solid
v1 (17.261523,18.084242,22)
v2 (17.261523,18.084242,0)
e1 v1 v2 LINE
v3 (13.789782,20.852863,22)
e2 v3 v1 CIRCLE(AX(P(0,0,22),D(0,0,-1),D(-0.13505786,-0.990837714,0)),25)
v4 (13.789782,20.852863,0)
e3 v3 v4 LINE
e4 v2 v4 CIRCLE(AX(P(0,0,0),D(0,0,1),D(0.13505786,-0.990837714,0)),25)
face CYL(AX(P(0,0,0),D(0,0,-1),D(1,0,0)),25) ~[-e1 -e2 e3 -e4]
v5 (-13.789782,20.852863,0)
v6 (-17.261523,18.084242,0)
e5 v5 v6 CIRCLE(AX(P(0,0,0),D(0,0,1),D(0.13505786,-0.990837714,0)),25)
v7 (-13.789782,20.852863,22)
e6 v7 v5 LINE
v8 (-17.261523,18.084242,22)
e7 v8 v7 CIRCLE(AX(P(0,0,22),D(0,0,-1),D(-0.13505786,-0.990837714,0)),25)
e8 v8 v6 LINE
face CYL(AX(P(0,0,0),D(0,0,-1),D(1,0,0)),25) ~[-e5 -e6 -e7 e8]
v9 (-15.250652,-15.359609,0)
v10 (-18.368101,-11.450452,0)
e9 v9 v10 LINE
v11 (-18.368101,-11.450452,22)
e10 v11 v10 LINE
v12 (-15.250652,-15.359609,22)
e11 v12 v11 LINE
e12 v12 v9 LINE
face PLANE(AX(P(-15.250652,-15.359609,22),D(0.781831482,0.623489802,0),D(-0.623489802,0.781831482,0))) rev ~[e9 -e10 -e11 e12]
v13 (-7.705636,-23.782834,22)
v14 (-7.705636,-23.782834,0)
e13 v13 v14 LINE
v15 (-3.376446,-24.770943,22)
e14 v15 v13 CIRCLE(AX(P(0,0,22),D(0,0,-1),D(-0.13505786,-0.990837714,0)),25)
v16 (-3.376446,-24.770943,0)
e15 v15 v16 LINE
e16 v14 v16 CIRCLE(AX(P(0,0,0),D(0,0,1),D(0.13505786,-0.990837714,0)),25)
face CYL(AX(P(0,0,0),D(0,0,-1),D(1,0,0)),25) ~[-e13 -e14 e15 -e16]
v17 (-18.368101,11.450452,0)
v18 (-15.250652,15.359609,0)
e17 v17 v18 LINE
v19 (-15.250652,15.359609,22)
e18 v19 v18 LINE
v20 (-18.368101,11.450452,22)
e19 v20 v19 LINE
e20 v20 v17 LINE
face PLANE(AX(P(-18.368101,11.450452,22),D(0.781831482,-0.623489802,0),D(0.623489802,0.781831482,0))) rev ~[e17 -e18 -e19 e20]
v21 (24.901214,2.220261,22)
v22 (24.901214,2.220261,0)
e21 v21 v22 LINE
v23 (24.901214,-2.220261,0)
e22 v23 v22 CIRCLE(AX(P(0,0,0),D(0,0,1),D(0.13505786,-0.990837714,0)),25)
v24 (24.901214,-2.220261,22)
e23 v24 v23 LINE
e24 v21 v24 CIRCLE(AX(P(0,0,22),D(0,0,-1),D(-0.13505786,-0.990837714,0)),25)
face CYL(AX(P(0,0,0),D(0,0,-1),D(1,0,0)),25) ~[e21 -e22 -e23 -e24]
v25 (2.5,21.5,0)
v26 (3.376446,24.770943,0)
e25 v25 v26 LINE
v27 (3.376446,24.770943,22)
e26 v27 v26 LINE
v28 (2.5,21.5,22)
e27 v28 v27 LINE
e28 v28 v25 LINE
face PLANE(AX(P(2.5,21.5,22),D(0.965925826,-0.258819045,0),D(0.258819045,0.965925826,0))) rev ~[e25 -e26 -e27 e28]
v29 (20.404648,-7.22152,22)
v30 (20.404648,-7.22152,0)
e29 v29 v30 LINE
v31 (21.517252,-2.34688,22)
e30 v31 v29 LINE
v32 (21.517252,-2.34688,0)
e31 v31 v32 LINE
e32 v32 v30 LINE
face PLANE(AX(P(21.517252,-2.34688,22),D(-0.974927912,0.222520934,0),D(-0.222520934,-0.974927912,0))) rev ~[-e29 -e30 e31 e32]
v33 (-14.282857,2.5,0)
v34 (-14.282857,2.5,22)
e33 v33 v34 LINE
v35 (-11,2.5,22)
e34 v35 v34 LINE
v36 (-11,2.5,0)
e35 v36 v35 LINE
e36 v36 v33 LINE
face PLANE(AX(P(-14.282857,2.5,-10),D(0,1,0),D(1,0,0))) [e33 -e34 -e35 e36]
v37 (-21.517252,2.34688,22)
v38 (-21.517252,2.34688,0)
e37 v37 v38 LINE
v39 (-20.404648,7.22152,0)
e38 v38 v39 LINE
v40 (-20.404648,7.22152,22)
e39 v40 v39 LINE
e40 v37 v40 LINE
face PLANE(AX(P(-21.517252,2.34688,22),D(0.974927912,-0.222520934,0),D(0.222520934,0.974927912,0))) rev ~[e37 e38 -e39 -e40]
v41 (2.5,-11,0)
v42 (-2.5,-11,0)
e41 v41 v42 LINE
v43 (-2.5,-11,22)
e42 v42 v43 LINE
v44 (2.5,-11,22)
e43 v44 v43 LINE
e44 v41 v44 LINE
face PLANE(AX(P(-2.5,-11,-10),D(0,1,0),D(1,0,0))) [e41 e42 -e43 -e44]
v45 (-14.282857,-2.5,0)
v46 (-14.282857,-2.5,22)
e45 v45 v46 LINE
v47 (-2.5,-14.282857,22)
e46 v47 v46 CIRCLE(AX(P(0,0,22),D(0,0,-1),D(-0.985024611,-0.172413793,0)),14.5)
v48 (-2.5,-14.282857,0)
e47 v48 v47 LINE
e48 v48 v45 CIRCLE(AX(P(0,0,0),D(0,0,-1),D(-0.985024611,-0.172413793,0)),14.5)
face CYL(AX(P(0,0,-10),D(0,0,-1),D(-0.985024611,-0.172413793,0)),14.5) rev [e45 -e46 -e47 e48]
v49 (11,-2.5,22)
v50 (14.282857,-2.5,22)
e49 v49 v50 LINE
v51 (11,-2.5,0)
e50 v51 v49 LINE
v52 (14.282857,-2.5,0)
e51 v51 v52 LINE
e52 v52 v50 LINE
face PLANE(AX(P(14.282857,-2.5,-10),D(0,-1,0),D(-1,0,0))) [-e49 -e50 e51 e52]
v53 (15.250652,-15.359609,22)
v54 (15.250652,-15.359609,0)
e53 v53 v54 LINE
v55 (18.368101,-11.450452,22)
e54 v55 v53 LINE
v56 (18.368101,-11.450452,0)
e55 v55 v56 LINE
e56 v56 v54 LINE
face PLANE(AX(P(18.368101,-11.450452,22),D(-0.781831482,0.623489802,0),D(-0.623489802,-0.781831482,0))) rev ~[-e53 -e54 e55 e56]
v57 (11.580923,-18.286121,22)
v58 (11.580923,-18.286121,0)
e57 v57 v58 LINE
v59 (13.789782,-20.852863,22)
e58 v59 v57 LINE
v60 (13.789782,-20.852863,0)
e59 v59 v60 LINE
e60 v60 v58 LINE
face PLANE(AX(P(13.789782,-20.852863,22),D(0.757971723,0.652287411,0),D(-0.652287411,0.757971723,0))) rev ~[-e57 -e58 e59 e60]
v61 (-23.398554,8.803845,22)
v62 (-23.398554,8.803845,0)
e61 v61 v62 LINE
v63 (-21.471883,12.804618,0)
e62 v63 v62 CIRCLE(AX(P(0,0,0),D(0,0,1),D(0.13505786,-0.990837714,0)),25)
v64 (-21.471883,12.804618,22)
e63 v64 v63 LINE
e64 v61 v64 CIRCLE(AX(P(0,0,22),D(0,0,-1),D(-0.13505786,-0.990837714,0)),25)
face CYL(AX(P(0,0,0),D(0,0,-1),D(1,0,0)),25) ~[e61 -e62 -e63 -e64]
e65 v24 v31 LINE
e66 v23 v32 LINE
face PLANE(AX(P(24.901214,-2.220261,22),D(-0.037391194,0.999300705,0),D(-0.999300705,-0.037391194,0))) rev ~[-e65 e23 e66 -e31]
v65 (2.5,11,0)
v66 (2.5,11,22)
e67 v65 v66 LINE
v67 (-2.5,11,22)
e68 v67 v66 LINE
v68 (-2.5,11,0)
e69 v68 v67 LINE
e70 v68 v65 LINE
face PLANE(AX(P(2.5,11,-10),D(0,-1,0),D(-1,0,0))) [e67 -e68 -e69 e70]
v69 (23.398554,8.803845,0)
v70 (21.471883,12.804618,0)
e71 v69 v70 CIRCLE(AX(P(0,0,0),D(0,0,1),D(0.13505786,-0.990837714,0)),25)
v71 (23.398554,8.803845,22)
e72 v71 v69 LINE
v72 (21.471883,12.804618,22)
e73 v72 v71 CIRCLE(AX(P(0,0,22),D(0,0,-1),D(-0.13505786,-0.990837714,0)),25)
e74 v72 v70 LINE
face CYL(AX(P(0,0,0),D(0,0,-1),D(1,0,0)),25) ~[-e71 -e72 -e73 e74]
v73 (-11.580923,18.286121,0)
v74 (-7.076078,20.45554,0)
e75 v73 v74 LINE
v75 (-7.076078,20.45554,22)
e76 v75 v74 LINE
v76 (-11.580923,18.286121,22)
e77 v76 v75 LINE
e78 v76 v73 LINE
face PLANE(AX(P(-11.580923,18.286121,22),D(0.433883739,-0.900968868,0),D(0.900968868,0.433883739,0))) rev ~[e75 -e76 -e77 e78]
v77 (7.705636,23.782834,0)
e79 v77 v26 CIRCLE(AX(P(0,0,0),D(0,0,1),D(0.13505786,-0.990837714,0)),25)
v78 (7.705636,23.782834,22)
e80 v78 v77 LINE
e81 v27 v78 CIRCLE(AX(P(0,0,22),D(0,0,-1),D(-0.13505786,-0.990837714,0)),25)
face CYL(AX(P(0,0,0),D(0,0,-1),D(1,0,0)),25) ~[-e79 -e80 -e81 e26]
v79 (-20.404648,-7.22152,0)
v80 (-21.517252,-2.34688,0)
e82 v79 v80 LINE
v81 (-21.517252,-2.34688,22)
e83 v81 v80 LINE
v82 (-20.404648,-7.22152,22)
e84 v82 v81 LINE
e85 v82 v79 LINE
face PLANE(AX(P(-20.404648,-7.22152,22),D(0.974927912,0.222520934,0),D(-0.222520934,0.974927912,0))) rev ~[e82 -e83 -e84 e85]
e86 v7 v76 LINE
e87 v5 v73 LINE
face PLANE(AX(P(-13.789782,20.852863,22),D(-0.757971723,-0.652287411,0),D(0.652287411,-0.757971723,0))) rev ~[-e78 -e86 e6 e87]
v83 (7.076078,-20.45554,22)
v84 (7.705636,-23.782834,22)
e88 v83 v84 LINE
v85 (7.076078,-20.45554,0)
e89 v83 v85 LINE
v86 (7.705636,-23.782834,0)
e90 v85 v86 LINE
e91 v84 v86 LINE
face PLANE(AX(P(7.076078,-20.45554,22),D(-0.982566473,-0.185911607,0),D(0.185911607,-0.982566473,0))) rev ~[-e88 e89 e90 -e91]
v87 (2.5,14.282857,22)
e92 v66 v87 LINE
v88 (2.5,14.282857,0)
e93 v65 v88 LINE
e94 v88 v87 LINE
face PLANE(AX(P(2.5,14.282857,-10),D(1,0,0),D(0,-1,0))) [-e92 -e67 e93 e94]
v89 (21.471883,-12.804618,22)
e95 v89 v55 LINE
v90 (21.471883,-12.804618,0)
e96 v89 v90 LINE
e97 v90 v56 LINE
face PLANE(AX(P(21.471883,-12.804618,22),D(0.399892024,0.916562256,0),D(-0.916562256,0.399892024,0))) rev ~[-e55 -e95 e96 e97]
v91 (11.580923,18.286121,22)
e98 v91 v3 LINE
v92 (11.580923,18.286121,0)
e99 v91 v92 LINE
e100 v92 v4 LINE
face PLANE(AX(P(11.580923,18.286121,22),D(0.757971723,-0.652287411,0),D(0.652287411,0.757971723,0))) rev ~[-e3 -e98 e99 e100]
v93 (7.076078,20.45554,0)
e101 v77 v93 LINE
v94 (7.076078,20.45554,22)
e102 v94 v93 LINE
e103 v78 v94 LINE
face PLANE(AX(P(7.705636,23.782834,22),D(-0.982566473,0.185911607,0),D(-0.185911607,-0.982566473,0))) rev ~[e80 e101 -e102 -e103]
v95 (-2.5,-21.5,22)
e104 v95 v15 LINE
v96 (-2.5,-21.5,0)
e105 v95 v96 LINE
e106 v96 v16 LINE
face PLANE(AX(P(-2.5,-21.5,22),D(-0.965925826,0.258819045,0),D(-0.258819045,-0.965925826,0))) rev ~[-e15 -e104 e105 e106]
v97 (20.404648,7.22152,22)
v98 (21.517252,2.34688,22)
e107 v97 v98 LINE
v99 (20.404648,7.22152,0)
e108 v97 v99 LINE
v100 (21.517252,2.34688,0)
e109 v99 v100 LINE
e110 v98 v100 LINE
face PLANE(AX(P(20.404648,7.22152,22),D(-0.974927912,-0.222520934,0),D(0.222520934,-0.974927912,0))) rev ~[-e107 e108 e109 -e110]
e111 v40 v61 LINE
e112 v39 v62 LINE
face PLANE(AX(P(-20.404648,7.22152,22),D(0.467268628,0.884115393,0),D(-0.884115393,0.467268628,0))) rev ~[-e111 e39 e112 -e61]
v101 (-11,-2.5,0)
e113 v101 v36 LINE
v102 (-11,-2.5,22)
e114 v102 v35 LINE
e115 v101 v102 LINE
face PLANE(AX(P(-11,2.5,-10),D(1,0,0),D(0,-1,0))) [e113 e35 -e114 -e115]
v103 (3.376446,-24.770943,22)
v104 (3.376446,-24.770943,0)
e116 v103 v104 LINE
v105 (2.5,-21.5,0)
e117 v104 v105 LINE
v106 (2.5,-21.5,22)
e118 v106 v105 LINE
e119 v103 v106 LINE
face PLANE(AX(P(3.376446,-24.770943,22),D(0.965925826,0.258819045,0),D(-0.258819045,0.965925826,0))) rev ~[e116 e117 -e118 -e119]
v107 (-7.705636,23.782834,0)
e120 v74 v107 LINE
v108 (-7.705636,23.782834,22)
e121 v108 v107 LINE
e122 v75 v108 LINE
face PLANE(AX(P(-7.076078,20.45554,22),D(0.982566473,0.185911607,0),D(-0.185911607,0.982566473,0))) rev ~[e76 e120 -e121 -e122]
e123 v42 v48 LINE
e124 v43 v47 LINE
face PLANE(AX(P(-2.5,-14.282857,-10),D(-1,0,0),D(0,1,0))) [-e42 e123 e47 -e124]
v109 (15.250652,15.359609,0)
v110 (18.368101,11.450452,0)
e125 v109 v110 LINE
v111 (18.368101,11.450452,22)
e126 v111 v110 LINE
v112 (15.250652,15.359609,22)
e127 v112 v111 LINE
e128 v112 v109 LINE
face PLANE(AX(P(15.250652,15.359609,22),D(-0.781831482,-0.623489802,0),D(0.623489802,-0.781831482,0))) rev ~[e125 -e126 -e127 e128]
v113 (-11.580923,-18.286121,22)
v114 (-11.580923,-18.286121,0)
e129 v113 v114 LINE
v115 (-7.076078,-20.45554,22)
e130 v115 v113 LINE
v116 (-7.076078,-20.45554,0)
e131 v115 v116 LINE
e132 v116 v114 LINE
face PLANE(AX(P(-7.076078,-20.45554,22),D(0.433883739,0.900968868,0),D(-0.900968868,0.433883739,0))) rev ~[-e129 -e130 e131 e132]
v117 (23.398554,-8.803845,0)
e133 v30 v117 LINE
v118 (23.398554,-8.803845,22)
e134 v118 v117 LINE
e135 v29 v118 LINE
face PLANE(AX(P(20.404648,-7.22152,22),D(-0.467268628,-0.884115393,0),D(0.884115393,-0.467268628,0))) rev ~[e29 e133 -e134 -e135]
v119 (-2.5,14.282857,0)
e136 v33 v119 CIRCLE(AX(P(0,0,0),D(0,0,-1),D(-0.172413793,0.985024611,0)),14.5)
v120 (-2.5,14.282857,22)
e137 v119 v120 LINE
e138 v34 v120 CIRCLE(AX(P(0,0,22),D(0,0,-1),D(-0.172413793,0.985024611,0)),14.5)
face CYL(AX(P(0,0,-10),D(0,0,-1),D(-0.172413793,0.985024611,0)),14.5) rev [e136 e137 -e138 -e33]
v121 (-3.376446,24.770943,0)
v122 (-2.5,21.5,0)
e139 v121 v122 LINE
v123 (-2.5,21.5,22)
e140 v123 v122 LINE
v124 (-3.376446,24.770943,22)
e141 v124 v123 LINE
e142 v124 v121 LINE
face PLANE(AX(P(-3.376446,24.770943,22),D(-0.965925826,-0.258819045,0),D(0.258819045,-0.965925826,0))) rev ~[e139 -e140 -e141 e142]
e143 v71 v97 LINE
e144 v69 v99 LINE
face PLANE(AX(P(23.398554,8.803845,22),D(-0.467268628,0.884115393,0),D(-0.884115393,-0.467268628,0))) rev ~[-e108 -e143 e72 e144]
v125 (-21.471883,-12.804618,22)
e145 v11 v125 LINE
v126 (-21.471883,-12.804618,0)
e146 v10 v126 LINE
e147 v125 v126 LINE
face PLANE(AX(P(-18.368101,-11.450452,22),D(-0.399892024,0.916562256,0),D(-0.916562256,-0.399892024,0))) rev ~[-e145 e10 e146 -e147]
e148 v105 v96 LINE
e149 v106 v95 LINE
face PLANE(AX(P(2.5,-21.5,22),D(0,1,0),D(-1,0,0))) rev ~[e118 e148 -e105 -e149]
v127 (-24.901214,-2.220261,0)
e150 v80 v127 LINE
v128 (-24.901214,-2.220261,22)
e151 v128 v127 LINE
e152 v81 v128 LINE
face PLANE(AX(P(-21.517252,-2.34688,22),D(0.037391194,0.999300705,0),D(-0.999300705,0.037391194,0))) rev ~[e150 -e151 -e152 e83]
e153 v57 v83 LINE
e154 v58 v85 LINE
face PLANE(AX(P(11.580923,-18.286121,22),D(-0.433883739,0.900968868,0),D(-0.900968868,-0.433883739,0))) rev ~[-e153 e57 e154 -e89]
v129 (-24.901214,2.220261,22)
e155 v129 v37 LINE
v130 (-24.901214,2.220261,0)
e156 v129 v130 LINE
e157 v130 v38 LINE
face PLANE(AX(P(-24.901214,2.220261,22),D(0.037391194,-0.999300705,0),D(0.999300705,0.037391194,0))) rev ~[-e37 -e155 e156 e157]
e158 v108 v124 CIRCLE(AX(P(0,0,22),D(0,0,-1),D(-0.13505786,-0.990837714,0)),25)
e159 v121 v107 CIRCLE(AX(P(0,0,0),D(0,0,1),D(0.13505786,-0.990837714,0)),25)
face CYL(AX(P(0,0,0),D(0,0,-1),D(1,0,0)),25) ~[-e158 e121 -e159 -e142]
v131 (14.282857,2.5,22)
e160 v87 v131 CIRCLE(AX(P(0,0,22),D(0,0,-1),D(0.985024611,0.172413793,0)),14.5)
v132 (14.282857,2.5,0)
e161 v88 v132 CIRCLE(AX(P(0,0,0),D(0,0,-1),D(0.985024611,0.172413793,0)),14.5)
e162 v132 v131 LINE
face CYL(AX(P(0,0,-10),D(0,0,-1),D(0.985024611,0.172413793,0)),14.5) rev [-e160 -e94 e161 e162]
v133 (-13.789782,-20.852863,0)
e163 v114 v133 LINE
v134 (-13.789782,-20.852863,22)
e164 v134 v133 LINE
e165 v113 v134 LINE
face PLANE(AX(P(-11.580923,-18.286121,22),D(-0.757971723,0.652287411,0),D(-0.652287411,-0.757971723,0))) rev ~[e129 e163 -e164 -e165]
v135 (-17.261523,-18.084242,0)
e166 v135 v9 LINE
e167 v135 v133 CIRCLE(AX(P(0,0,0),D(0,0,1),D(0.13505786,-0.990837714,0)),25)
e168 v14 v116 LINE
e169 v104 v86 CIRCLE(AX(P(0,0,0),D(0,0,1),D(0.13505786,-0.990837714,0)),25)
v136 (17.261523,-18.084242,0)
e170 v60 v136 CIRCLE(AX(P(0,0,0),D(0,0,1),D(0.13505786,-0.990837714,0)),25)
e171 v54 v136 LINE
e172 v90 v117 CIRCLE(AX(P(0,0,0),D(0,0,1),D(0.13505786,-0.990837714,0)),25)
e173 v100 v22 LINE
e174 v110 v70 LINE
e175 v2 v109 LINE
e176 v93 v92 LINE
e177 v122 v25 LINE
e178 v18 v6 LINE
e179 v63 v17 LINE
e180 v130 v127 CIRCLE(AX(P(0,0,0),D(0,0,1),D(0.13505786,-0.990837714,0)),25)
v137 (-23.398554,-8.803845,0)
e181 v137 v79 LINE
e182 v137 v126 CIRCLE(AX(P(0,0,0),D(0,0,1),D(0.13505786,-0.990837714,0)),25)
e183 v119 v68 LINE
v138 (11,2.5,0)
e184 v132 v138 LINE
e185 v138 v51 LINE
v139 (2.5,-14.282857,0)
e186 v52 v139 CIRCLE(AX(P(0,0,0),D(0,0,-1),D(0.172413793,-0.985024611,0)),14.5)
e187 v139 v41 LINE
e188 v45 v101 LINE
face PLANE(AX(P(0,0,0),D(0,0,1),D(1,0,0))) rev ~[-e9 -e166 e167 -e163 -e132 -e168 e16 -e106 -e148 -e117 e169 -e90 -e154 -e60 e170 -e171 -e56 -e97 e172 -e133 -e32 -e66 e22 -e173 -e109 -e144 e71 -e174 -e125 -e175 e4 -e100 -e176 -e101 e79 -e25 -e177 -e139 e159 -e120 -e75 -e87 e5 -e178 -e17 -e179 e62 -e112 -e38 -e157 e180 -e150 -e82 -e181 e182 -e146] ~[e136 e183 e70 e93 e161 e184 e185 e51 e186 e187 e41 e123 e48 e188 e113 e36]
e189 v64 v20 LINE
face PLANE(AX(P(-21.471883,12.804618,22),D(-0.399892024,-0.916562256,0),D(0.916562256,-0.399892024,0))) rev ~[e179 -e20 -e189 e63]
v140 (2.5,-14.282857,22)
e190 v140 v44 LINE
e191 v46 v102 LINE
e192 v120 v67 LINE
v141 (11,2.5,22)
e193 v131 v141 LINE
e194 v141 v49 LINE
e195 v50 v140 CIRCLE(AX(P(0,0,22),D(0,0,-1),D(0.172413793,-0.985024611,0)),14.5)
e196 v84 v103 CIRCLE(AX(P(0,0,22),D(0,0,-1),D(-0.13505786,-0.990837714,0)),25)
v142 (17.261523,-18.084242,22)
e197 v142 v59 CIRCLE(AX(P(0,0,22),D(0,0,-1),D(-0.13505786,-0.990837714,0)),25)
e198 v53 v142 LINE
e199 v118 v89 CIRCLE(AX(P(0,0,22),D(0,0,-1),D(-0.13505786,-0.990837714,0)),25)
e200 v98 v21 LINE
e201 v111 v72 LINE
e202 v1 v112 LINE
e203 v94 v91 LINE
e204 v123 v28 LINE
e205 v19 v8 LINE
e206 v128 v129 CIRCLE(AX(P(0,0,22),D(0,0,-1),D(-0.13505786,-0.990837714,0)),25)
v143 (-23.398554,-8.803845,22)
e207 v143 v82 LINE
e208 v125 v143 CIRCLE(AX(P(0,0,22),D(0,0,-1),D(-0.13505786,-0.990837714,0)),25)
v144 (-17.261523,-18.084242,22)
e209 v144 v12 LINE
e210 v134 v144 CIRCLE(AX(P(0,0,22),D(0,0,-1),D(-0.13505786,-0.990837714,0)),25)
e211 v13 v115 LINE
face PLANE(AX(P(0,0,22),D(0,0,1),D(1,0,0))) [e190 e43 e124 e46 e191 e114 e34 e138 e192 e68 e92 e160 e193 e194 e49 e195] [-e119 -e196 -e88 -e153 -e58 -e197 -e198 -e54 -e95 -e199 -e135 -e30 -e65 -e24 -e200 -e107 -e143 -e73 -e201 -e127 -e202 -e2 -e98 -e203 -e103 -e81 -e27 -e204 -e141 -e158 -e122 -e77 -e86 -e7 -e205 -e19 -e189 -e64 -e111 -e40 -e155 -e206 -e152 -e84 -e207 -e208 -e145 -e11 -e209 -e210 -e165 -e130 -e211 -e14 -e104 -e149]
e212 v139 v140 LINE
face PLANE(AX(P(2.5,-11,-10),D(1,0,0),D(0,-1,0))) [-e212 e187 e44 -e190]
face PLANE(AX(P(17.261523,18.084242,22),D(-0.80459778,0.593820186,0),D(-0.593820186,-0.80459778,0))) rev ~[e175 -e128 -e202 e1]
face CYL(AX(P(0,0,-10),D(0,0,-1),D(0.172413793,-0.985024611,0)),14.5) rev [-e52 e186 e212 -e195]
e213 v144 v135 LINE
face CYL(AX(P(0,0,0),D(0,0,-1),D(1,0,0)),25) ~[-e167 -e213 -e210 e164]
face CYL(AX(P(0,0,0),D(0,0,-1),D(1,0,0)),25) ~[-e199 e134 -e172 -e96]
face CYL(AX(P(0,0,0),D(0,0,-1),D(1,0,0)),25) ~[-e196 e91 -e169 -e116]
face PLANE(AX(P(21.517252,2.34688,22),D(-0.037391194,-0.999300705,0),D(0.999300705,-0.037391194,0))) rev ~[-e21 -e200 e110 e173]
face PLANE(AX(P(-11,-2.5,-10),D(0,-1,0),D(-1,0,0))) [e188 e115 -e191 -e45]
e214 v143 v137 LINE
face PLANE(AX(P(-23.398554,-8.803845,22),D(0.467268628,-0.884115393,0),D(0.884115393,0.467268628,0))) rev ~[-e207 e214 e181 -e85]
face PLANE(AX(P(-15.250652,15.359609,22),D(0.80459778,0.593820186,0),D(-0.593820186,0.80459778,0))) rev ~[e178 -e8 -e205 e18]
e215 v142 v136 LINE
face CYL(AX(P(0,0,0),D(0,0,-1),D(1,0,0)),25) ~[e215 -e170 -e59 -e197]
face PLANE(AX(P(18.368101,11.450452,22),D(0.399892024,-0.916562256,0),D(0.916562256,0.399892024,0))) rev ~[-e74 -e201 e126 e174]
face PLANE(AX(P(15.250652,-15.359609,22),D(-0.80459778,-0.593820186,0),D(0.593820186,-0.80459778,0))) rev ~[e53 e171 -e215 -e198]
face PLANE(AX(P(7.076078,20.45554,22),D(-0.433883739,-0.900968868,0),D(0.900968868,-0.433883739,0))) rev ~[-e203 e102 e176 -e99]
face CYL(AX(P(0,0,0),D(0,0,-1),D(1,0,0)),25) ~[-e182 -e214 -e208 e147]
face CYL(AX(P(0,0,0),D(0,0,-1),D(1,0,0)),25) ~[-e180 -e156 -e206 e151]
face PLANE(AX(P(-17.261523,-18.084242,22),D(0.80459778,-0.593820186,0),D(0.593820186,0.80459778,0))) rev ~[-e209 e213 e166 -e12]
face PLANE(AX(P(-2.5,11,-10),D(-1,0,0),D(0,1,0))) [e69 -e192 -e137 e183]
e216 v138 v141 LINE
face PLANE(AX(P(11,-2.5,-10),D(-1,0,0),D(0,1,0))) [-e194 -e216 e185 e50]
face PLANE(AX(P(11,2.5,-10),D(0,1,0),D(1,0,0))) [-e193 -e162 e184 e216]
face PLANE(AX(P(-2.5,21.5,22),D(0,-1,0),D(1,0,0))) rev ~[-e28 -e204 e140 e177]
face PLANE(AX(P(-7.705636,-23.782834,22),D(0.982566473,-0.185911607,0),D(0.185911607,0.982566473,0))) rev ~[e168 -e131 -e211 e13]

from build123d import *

# Parameters (mm, degrees)
ESBO_O1_R                  = 25
RESSALTO_EXTRUS_O1_DEPTH   = 22
CORTE_EXTRUS_O1_DEPTH      = 24
CORTE_EXTRUS_O1_DEPTH_BACK = 32
CORTE_EXTRUS_O2_DEPTH      = 32
PADR_OCIRCULAR1_COUNT      = 14


with BuildPart() as part:
    # Esboço1 → Ressalto-extrusão1 (new body)
    with BuildSketch(Plane.XY):
        Circle(ESBO_O1_R)
    extrude(amount=RESSALTO_EXTRUS_O1_DEPTH)

    # Esboço2 → Corte-extrusão1 (cut, two sides: drawn at the far end of the back side and taken through both)
    with BuildSketch(Plane.XY.offset(22).offset(-CORTE_EXTRUS_O1_DEPTH_BACK)):
        with BuildLine():
            Line((-2.5, -11), (2.5, -11))
            Line((2.5, -11), (2.5, -14.282856857))
            ThreePointArc((2.5, -14.282856857), (10.253048327, -10.253048327), (14.282856857, -2.5))
            Line((14.282856857, -2.5), (11, -2.5))
            Line((11, -2.5), (11, 2.5))
            Line((11, 2.5), (14.282856857, 2.5))
            ThreePointArc((14.282856857, 2.5), (10.253048327, 10.253048327), (2.5, 14.282856857))
            Line((2.5, 14.282856857), (2.5, 11))
            Line((2.5, 11), (-2.5, 11))
            Line((-2.5, 11), (-2.5, 14.282856857))
            ThreePointArc((-2.5, 14.282856857), (-10.253048327, 10.253048327), (-14.282856857, 2.5))
            Line((-14.282856857, 2.5), (-11, 2.5))
            Line((-11, 2.5), (-11, -2.5))
            Line((-11, -2.5), (-14.282856857, -2.5))
            ThreePointArc((-14.282856857, -2.5), (-10.253048327, -10.253048327), (-2.5, -14.282856857))
            Line((-2.5, -14.282856857), (-2.5, -11))
        make_face()
    extrude(amount=CORTE_EXTRUS_O1_DEPTH + CORTE_EXTRUS_O1_DEPTH_BACK, mode=Mode.SUBTRACT)

    # Esboço3 → Corte-extrusão2 (cut)
    with BuildSketch(Plane.XY.offset(22)):
        Polygon((-3.376446492, -24.770942838), (0.890947549, -26.390974492), (3.376446492, -24.770942838), (2.5, -21.5), (-2.5, -21.5), align=None)
    corte_extrus_o2 = extrude(amount=-CORTE_EXTRUS_O2_DEPTH, mode=Mode.SUBTRACT)

    # PadrãoCircular1: Corte-extrusão2 ×14 about axis
    padr_ocircular1_axis = Axis((0, 0, 0), (0, 0, 1))
    for i in range(1, PADR_OCIRCULAR1_COUNT):
        add(corte_extrus_o2.rotate(padr_ocircular1_axis, i * 360 / PADR_OCIRCULAR1_COUNT), mode=Mode.SUBTRACT)


solid = part.part
